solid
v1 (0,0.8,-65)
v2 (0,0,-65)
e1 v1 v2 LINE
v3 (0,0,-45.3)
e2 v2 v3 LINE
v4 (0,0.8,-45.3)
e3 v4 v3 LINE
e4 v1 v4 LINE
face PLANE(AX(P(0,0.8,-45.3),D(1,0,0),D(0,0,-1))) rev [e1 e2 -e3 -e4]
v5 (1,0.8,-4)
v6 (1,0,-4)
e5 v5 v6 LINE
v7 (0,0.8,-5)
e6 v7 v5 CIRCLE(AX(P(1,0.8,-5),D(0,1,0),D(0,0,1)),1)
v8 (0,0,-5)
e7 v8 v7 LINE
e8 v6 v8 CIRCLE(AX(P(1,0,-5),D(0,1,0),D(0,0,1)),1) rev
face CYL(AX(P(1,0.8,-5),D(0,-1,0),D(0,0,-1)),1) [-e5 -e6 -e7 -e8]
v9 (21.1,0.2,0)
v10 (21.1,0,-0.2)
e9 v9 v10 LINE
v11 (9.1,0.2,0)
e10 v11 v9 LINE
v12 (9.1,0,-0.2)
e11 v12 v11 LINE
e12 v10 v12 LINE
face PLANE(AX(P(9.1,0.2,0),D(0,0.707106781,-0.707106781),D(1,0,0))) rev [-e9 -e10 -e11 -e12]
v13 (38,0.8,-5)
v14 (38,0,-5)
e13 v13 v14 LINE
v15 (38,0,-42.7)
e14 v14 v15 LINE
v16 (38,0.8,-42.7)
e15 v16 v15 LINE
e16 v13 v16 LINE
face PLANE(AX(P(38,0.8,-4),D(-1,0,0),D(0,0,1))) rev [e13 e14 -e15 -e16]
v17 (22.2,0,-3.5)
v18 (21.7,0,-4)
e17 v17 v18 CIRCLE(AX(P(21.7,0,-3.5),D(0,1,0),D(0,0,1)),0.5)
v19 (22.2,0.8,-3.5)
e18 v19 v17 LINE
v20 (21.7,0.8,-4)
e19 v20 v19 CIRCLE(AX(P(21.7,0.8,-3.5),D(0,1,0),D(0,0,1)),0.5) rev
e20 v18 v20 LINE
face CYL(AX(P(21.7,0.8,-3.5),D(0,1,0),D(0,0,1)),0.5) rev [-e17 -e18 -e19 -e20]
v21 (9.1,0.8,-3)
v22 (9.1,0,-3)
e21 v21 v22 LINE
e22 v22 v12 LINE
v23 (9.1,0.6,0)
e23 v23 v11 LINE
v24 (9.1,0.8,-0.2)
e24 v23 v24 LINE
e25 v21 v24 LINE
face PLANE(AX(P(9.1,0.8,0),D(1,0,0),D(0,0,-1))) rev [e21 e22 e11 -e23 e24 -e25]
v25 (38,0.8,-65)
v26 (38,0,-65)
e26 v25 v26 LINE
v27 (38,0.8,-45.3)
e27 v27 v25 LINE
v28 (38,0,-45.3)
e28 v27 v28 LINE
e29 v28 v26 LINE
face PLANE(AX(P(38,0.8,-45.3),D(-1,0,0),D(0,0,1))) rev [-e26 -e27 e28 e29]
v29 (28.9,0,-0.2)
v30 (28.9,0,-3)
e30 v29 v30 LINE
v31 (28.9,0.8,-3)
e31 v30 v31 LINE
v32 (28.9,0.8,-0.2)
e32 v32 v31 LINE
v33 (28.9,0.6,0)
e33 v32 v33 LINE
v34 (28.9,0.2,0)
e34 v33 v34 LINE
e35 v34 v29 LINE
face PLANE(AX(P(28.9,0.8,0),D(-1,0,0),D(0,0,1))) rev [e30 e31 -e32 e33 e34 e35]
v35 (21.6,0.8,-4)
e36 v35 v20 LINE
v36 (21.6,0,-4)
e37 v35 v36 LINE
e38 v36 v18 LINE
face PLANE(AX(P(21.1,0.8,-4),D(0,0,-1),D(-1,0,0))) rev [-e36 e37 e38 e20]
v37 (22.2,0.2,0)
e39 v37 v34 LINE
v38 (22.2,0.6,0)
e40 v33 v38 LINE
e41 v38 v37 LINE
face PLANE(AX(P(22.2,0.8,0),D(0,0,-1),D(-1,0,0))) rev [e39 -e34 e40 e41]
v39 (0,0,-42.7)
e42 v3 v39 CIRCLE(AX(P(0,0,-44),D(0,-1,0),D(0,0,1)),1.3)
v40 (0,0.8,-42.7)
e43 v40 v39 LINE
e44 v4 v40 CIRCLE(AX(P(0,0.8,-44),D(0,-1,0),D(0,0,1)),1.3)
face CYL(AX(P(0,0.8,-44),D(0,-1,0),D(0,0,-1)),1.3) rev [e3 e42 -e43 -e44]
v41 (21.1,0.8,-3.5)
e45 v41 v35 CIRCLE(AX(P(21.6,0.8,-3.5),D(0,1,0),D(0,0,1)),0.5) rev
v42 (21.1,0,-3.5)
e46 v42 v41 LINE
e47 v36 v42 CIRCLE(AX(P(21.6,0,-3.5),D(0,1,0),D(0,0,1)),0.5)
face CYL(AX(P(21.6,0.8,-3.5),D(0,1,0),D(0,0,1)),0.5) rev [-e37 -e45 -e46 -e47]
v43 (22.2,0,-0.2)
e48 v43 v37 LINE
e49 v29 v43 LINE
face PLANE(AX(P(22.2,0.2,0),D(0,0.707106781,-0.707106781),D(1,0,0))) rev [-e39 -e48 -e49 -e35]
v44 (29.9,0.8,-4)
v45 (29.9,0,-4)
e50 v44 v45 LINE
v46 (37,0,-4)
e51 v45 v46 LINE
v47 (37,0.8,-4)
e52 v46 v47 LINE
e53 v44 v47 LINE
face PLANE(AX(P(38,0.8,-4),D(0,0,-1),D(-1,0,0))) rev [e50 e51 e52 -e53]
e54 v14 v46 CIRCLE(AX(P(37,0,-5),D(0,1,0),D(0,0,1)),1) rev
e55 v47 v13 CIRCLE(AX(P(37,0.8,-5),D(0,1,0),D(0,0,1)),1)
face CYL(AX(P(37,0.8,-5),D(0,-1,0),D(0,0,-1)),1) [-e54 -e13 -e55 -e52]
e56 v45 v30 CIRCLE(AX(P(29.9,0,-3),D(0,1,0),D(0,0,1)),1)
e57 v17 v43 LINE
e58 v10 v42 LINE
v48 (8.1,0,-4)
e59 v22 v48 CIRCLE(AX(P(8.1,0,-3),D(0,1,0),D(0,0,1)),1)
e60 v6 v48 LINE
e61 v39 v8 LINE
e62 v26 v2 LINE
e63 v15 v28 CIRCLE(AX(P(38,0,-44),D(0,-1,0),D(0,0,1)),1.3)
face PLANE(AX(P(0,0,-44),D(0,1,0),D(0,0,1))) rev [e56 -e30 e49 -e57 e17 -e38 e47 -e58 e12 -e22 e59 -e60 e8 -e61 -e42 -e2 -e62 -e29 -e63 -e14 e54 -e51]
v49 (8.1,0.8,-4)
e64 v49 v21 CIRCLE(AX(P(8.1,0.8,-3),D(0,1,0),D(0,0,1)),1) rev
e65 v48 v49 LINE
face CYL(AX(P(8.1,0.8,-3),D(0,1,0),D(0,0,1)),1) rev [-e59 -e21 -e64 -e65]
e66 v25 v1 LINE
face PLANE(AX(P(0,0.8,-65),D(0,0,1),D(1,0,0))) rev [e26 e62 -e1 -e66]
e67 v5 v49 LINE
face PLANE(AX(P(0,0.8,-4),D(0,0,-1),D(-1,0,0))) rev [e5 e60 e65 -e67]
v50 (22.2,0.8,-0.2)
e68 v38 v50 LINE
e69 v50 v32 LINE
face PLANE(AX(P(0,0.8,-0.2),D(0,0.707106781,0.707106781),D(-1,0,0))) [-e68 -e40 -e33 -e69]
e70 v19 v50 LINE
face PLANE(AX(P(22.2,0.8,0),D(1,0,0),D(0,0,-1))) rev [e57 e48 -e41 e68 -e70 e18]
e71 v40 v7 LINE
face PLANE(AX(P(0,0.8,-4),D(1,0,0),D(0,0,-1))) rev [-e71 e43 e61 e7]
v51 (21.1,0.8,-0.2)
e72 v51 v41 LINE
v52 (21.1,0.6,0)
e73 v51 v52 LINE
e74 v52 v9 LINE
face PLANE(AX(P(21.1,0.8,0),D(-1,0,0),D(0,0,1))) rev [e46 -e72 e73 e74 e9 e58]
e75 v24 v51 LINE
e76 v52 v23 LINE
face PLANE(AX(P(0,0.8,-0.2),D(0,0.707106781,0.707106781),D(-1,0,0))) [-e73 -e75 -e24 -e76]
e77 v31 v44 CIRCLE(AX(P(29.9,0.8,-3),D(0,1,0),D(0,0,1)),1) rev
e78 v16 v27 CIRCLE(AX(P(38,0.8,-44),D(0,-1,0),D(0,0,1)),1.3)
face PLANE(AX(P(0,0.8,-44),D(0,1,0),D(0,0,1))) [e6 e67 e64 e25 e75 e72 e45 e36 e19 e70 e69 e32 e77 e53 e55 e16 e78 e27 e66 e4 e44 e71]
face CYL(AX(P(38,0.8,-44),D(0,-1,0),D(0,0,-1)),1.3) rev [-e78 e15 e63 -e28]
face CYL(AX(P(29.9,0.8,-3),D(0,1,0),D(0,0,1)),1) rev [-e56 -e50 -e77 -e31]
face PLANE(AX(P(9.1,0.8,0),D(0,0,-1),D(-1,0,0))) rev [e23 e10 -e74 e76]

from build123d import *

# Parameters (mm, degrees)
BOSS_EXTRUDE1_DEPTH = 0.8
CHAMFER1_SIZE       = 0.2
FILLET1_R           = 1
FILLET2_R           = 0.5


with BuildPart() as part:
    # Sketch1 → Boss-Extrude1 (new body)
    with BuildSketch(Plane(origin=(0, 0, 0), x_dir=(1, 0, 0), z_dir=(0, 1, 0))):
        with BuildLine():
            Line((9.1, 0), (21.1, 0))
            Line((21.1, 0), (21.1, 4))
            Line((21.1, 4), (22.2, 4))
            Line((22.2, 4), (22.2, 0))
            Line((22.2, 0), (28.9, 0))
            Line((28.9, 0), (28.9, 4))
            Line((28.9, 4), (38, 4))
            Line((38, 4), (38, 42.7))
            ThreePointArc((38, 42.7), (36.7, 44), (38, 45.3))
            Line((38, 45.3), (38, 65))
            Line((38, 65), (0, 65))
            Line((0, 65), (0, 45.3))
            ThreePointArc((0, 45.3), (1.3, 44), (0, 42.7))
            Line((0, 42.7), (0, 4))
            Line((0, 4), (9.1, 4))
            Line((9.1, 4), (9.1, 0))
        make_face()
    extrude(amount=BOSS_EXTRUDE1_DEPTH)

    # Chamfer1
    chamfer1_edges = [part.edges().sort_by_distance(p)[0] for p in [
        (25.55, 0, 0),
        (15.1, 0, 0),
        (15.1, 0.8, 0),
        (25.55, 0.8, 0),
    ]]
    chamfer(chamfer1_edges, length=CHAMFER1_SIZE)

    # Fillet1
    fillet1_edges = [part.edges().sort_by_distance(p)[0] for p in [
        (38, 0.4, -4),
        (28.9, 0.4, -4),
        (9.1, 0.4, -4),
        (0, 0.4, -4),
    ]]
    fillet(fillet1_edges, radius=FILLET1_R)

    # Fillet2
    fillet2_edges = [part.edges().sort_by_distance(p)[0] for p in [
        (22.2, 0.4, -4),
        (21.1, 0.4, -4),
    ]]
    fillet(fillet2_edges, radius=FILLET2_R)


solid = part.part
